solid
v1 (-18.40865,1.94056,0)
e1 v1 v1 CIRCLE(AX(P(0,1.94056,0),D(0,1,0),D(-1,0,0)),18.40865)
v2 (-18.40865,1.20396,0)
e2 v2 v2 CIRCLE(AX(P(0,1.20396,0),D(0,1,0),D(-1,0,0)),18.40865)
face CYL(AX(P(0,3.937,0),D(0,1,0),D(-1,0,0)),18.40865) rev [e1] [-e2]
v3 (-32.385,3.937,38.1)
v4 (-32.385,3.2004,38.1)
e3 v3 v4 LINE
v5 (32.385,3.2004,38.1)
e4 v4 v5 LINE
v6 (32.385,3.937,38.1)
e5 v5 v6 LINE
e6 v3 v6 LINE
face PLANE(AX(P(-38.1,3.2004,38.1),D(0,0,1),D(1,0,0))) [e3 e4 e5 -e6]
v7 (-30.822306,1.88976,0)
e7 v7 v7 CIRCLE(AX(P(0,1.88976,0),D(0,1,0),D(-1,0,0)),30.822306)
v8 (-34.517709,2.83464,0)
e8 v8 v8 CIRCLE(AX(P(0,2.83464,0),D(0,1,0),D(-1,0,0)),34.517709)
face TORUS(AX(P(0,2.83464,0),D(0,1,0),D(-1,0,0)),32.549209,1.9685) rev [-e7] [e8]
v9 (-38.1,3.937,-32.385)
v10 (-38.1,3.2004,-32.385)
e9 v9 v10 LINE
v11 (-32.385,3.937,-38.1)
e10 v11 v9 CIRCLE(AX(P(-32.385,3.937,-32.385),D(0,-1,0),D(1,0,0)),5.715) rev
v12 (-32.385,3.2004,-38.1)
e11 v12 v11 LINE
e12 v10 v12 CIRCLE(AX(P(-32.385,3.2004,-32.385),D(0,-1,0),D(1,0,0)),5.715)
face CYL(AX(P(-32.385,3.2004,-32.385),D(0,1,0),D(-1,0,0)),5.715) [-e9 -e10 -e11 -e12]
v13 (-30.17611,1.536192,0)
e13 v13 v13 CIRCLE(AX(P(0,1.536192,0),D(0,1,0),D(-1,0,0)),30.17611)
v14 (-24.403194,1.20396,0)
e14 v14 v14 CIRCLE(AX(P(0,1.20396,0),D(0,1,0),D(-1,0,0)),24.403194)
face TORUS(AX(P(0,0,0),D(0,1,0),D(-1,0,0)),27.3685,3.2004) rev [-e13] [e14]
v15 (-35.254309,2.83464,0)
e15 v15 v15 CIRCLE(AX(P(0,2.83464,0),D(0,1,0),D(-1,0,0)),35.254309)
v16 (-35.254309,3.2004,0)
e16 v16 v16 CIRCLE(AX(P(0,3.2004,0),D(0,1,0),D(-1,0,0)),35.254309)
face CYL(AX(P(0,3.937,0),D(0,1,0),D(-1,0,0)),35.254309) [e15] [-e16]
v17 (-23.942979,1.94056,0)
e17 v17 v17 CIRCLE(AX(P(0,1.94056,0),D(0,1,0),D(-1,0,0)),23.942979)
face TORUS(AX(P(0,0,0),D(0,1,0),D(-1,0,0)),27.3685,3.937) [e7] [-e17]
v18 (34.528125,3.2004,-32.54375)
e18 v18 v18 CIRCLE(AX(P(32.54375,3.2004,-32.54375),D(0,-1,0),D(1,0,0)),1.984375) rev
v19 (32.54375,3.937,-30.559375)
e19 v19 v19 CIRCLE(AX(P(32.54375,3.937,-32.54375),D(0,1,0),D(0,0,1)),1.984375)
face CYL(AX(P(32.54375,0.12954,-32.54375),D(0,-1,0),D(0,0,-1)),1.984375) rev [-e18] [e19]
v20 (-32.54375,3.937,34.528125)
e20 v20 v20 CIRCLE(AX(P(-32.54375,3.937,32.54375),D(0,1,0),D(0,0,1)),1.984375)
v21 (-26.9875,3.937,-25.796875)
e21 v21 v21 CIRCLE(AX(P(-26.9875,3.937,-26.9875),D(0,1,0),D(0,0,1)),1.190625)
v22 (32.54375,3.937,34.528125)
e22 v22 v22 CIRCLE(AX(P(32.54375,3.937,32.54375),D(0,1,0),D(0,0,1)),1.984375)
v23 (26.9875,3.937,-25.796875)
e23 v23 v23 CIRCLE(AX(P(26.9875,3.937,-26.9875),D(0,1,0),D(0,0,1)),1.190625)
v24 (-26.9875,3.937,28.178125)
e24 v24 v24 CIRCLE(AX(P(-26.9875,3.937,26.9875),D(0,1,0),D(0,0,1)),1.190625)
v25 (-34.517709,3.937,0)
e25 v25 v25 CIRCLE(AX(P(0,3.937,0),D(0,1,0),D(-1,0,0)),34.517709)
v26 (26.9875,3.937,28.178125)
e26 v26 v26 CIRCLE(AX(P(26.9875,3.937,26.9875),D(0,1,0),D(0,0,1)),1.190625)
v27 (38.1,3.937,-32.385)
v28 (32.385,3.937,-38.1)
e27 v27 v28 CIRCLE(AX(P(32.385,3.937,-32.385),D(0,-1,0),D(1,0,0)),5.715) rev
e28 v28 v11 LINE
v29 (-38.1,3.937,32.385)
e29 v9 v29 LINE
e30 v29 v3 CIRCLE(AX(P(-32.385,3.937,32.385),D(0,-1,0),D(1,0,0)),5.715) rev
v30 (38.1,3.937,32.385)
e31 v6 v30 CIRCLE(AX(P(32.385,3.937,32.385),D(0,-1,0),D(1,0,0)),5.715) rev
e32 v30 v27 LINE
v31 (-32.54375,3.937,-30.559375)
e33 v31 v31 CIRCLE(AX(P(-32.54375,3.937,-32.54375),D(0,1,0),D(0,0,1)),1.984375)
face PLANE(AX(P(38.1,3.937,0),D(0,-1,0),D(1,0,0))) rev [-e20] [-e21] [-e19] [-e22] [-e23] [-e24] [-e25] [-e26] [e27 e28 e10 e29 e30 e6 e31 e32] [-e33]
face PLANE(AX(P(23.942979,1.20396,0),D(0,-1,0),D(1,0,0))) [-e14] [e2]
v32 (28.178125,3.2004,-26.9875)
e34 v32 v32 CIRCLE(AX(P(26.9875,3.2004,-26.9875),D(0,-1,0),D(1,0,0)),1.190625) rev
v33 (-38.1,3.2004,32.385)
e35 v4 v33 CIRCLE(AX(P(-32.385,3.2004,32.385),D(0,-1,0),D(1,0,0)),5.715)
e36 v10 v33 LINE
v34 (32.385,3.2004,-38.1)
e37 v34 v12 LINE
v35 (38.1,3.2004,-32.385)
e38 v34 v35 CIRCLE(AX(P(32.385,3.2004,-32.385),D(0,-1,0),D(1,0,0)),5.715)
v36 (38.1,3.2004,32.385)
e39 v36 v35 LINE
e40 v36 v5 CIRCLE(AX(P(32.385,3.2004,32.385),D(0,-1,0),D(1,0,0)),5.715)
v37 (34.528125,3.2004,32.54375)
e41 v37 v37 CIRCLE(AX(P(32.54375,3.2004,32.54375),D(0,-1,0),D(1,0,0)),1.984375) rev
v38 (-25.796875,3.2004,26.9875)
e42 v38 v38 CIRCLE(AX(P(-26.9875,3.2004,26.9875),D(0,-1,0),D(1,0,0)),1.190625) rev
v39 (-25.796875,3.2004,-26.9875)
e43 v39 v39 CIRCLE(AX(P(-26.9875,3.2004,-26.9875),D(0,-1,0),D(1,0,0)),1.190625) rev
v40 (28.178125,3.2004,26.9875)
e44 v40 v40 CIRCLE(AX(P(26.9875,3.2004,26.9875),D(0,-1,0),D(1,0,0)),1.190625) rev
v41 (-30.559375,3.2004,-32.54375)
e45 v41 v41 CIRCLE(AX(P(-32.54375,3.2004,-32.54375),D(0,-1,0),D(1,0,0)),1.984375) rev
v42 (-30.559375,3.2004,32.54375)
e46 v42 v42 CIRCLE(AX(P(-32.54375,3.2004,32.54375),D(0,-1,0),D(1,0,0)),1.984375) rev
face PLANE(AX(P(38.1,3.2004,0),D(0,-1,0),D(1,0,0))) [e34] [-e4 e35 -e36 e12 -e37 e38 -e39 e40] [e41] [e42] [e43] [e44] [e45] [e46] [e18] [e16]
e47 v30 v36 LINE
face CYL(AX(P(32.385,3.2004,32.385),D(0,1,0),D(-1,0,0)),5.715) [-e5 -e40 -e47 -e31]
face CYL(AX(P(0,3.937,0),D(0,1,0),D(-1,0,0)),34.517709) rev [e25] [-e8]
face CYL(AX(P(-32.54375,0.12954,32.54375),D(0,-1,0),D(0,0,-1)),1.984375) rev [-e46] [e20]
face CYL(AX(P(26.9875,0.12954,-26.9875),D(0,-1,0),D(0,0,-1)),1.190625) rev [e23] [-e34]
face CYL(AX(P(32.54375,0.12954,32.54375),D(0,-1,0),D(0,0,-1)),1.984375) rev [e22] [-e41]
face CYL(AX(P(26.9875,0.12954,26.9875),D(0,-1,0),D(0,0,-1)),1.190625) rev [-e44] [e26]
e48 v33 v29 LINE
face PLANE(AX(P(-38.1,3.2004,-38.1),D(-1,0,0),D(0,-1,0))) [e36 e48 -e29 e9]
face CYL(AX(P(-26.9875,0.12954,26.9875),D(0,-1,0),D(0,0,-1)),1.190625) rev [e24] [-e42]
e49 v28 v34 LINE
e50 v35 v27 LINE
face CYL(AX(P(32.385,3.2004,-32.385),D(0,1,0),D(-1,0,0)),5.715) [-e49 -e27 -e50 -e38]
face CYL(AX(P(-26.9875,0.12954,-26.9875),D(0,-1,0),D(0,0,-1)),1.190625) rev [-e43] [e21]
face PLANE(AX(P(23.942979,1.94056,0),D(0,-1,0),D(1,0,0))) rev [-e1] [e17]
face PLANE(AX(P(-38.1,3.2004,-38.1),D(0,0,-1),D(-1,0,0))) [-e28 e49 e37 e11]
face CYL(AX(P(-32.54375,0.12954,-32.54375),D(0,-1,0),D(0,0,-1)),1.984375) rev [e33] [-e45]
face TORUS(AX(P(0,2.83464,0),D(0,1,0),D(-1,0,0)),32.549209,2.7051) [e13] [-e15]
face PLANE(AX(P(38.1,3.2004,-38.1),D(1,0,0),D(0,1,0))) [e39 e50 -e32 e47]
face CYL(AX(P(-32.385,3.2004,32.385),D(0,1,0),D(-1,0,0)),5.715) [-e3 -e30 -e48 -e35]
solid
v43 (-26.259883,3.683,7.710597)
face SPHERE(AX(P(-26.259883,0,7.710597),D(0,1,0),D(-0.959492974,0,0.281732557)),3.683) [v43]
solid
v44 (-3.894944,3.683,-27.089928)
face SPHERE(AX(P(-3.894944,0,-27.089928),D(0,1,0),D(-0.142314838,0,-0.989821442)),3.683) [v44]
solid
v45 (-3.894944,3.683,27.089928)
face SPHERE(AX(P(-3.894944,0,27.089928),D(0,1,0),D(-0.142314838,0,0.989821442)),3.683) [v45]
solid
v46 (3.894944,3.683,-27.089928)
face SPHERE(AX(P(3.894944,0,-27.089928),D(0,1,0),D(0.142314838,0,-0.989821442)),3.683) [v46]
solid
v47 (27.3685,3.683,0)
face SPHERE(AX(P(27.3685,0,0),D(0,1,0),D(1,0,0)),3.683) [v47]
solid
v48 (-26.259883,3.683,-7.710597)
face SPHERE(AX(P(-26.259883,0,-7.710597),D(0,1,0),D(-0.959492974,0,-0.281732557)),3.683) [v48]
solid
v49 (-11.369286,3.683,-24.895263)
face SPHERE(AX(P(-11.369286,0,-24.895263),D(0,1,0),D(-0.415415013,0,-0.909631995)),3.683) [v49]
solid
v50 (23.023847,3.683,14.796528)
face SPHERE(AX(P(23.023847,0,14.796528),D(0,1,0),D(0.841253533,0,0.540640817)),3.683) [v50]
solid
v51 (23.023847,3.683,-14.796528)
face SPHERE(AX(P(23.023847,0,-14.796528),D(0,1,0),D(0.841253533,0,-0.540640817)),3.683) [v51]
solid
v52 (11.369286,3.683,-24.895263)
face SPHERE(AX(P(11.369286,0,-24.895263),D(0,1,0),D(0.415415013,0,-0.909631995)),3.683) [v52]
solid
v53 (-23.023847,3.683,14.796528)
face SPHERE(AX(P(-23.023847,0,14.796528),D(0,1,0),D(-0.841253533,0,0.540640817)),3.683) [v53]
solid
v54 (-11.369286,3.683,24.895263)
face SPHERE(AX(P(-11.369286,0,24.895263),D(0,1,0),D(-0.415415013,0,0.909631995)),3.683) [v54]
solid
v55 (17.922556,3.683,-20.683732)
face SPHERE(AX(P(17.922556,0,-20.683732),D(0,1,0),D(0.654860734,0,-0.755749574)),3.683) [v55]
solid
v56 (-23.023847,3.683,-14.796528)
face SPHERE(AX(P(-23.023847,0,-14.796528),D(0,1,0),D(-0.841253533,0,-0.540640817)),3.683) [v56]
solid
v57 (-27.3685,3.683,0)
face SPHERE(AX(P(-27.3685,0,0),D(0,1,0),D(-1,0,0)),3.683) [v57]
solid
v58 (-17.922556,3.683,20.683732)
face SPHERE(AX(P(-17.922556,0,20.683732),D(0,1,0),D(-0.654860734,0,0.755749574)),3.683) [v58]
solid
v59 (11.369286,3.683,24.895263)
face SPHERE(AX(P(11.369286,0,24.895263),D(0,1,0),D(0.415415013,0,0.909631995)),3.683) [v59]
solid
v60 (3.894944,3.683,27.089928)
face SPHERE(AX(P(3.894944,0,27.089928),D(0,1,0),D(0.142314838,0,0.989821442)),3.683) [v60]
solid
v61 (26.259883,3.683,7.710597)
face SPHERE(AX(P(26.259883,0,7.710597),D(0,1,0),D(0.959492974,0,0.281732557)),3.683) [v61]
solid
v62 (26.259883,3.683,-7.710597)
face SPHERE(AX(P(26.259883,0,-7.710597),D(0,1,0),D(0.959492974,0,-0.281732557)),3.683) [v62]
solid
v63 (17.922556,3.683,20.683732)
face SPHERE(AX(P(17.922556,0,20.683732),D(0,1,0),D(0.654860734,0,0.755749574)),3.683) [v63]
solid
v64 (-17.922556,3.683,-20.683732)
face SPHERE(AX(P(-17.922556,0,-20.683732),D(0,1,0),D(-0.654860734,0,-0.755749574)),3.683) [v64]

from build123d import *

# Parameters (mm, degrees)
BOSS_EXTRUDE1_START     = -0.7366
SKETCH4_W               = 76.2
SKETCH4_H               = 76.2
SKETCH4_R               = 34.517709056
BOSS_EXTRUDE1_DEPTH     = 0.7366
SKETCH6_R               = 1.984375
SKETCH6_R_2             = 1.190625
CUT_EXTRUDE1_DEPTH      = 4.9370001
CUT_EXTRUDE1_DEPTH_BACK = 1
CIRPATTERN1_COUNT       = 22
FILLET1_R               = 5.715


with BuildPart() as part:
    # Sketch3<3> → Revolve-Thin2 (revolve)
    with BuildSketch(Plane.XY):
        with BuildLine():
            Line((38.1, 3.937), (34.517709056, 3.937))
            Line((34.517709056, 3.937), (34.517709056, 2.83464))
            ThreePointArc((34.517709056, 2.83464), (33.036848091, 0.927495427), (30.822306037, 1.88976))
            ThreePointArc((30.822306037, 1.88976), (27.397571759, 3.936892662), (23.942978742, 1.94056))
            Line((23.942978742, 1.94056), (18.40865, 1.94056))
            Line((18.40865, 1.94056), (18.40865, 1.20396))
            Line((18.40865, 1.20396), (24.403193864, 1.20396))
            ThreePointArc((24.403193864, 1.20396), (27.184620861, 3.195113241), (30.176110069, 1.536192))
            ThreePointArc((30.176110069, 1.536192), (33.219319472, 0.213854232), (35.254309056, 2.83464))
            Line((35.254309056, 2.83464), (35.254309056, 3.2004))
            Line((35.254309056, 3.2004), (38.1, 3.2004))
            Line((38.1, 3.2004), (38.1, 3.937))
        make_face()
    revolve(axis=Axis((0, 3.937, 0), (0, -1, 0)))

    # Sketch4 → Boss-Extrude1 (add)
    with BuildSketch(Plane(origin=(0, 3.937, 0), x_dir=(1, 0, 0), z_dir=(0, 1, 0)).offset(BOSS_EXTRUDE1_START)):
        Rectangle(SKETCH4_W, SKETCH4_H)
        Circle(SKETCH4_R, mode=Mode.SUBTRACT)
    extrude(amount=BOSS_EXTRUDE1_DEPTH)

    # Sketch6 → Cut-Extrude1 (cut, two sides)
    with BuildSketch(Plane(origin=(0, 0, 0), x_dir=(1, 0, 0), z_dir=(0, 1, 0))) as cut_extrude1_sk:
        with Locations((-32.54375, 32.54375)):
            Circle(SKETCH6_R)
        with Locations((-32.54375, -32.54375)):
            Circle(SKETCH6_R)
        with Locations((32.54375, -32.54375)):
            Circle(SKETCH6_R)
        with Locations((32.54375, 32.54375)):
            Circle(SKETCH6_R)
        with Locations((26.9875, 26.9875)):
            Circle(SKETCH6_R_2)
        with Locations((-26.9875, 26.9875)):
            Circle(SKETCH6_R_2)
        with Locations((26.9875, -26.9875)):
            Circle(SKETCH6_R_2)
        with Locations((-26.9875, -26.9875)):
            Circle(SKETCH6_R_2)
    extrude(amount=CUT_EXTRUDE1_DEPTH, mode=Mode.SUBTRACT)
    extrude(cut_extrude1_sk.sketch, amount=-CUT_EXTRUDE1_DEPTH_BACK, mode=Mode.SUBTRACT)

    # Fillet1
    fillet1_edges = [part.edges().sort_by_distance(p)[0] for p in [
        (-38.1, 3.5687, 38.1),
        (-38.1, 3.5687, -38.1),
        (38.1, 3.5687, -38.1),
        (38.1, 3.5687, 38.1),
    ]]
    fillet(fillet1_edges, radius=FILLET1_R)


with BuildPart() as body_2:
    # Sketch8 → Revolve1 (revolve)
    with BuildSketch(Plane.XY):
        with BuildLine():
            Line((27.3685, 3.683), (27.3685, -3.683))
            ThreePointArc((27.3685, -3.683), (31.0515, 0), (27.3685, 3.683))
        make_face()
    revolve(axis=Axis((27.3685, 3.683, 0), (0, -1, 0)))


with BuildPart() as cirpattern1_1:
    # CirPattern1: pattern copy
    add(body_2.part.rotate(Axis((0, 0, 0), (0, 1, 0)), 1 * 360 / CIRPATTERN1_COUNT))


with BuildPart() as cirpattern1_2:
    # CirPattern1: pattern copy
    add(body_2.part.rotate(Axis((0, 0, 0), (0, 1, 0)), 2 * 360 / CIRPATTERN1_COUNT))


with BuildPart() as cirpattern1_3:
    # CirPattern1: pattern copy
    add(body_2.part.rotate(Axis((0, 0, 0), (0, 1, 0)), 3 * 360 / CIRPATTERN1_COUNT))


with BuildPart() as cirpattern1_4:
    # CirPattern1: pattern copy
    add(body_2.part.rotate(Axis((0, 0, 0), (0, 1, 0)), 4 * 360 / CIRPATTERN1_COUNT))


with BuildPart() as cirpattern1_5:
    # CirPattern1: pattern copy
    add(body_2.part.rotate(Axis((0, 0, 0), (0, 1, 0)), 5 * 360 / CIRPATTERN1_COUNT))


with BuildPart() as cirpattern1_6:
    # CirPattern1: pattern copy
    add(body_2.part.rotate(Axis((0, 0, 0), (0, 1, 0)), 6 * 360 / CIRPATTERN1_COUNT))


with BuildPart() as cirpattern1_7:
    # CirPattern1: pattern copy
    add(body_2.part.rotate(Axis((0, 0, 0), (0, 1, 0)), 7 * 360 / CIRPATTERN1_COUNT))


with BuildPart() as cirpattern1_8:
    # CirPattern1: pattern copy
    add(body_2.part.rotate(Axis((0, 0, 0), (0, 1, 0)), 8 * 360 / CIRPATTERN1_COUNT))


with BuildPart() as cirpattern1_9:
    # CirPattern1: pattern copy
    add(body_2.part.rotate(Axis((0, 0, 0), (0, 1, 0)), 9 * 360 / CIRPATTERN1_COUNT))


with BuildPart() as cirpattern1_10:
    # CirPattern1: pattern copy
    add(body_2.part.rotate(Axis((0, 0, 0), (0, 1, 0)), 10 * 360 / CIRPATTERN1_COUNT))


with BuildPart() as cirpattern1_11:
    # CirPattern1: pattern copy
    add(body_2.part.rotate(Axis((0, 0, 0), (0, 1, 0)), 11 * 360 / CIRPATTERN1_COUNT))


with BuildPart() as cirpattern1_12:
    # CirPattern1: pattern copy
    add(body_2.part.rotate(Axis((0, 0, 0), (0, 1, 0)), 12 * 360 / CIRPATTERN1_COUNT))


with BuildPart() as cirpattern1_13:
    # CirPattern1: pattern copy
    add(body_2.part.rotate(Axis((0, 0, 0), (0, 1, 0)), 13 * 360 / CIRPATTERN1_COUNT))


with BuildPart() as cirpattern1_14:
    # CirPattern1: pattern copy
    add(body_2.part.rotate(Axis((0, 0, 0), (0, 1, 0)), 14 * 360 / CIRPATTERN1_COUNT))


with BuildPart() as cirpattern1_15:
    # CirPattern1: pattern copy
    add(body_2.part.rotate(Axis((0, 0, 0), (0, 1, 0)), 15 * 360 / CIRPATTERN1_COUNT))


with BuildPart() as cirpattern1_16:
    # CirPattern1: pattern copy
    add(body_2.part.rotate(Axis((0, 0, 0), (0, 1, 0)), 16 * 360 / CIRPATTERN1_COUNT))


with BuildPart() as cirpattern1_17:
    # CirPattern1: pattern copy
    add(body_2.part.rotate(Axis((0, 0, 0), (0, 1, 0)), 17 * 360 / CIRPATTERN1_COUNT))


with BuildPart() as cirpattern1_18:
    # CirPattern1: pattern copy
    add(body_2.part.rotate(Axis((0, 0, 0), (0, 1, 0)), 18 * 360 / CIRPATTERN1_COUNT))


with BuildPart() as cirpattern1_19:
    # CirPattern1: pattern copy
    add(body_2.part.rotate(Axis((0, 0, 0), (0, 1, 0)), 19 * 360 / CIRPATTERN1_COUNT))


with BuildPart() as cirpattern1_20:
    # CirPattern1: pattern copy
    add(body_2.part.rotate(Axis((0, 0, 0), (0, 1, 0)), 20 * 360 / CIRPATTERN1_COUNT))


with BuildPart() as cirpattern1_21:
    # CirPattern1: pattern copy
    add(body_2.part.rotate(Axis((0, 0, 0), (0, 1, 0)), 21 * 360 / CIRPATTERN1_COUNT))


solid = Compound([part.part, body_2.part, cirpattern1_1.part, cirpattern1_2.part, cirpattern1_3.part, cirpattern1_4.part, cirpattern1_5.part, cirpattern1_6.part, cirpattern1_7.part, cirpattern1_8.part, cirpattern1_9.part, cirpattern1_10.part, cirpattern1_11.part, cirpattern1_12.part, cirpattern1_13.part, cirpattern1_14.part, cirpattern1_15.part, cirpattern1_16.part, cirpattern1_17.part, cirpattern1_18.part, cirpattern1_19.part, cirpattern1_20.part, cirpattern1_21.part])
